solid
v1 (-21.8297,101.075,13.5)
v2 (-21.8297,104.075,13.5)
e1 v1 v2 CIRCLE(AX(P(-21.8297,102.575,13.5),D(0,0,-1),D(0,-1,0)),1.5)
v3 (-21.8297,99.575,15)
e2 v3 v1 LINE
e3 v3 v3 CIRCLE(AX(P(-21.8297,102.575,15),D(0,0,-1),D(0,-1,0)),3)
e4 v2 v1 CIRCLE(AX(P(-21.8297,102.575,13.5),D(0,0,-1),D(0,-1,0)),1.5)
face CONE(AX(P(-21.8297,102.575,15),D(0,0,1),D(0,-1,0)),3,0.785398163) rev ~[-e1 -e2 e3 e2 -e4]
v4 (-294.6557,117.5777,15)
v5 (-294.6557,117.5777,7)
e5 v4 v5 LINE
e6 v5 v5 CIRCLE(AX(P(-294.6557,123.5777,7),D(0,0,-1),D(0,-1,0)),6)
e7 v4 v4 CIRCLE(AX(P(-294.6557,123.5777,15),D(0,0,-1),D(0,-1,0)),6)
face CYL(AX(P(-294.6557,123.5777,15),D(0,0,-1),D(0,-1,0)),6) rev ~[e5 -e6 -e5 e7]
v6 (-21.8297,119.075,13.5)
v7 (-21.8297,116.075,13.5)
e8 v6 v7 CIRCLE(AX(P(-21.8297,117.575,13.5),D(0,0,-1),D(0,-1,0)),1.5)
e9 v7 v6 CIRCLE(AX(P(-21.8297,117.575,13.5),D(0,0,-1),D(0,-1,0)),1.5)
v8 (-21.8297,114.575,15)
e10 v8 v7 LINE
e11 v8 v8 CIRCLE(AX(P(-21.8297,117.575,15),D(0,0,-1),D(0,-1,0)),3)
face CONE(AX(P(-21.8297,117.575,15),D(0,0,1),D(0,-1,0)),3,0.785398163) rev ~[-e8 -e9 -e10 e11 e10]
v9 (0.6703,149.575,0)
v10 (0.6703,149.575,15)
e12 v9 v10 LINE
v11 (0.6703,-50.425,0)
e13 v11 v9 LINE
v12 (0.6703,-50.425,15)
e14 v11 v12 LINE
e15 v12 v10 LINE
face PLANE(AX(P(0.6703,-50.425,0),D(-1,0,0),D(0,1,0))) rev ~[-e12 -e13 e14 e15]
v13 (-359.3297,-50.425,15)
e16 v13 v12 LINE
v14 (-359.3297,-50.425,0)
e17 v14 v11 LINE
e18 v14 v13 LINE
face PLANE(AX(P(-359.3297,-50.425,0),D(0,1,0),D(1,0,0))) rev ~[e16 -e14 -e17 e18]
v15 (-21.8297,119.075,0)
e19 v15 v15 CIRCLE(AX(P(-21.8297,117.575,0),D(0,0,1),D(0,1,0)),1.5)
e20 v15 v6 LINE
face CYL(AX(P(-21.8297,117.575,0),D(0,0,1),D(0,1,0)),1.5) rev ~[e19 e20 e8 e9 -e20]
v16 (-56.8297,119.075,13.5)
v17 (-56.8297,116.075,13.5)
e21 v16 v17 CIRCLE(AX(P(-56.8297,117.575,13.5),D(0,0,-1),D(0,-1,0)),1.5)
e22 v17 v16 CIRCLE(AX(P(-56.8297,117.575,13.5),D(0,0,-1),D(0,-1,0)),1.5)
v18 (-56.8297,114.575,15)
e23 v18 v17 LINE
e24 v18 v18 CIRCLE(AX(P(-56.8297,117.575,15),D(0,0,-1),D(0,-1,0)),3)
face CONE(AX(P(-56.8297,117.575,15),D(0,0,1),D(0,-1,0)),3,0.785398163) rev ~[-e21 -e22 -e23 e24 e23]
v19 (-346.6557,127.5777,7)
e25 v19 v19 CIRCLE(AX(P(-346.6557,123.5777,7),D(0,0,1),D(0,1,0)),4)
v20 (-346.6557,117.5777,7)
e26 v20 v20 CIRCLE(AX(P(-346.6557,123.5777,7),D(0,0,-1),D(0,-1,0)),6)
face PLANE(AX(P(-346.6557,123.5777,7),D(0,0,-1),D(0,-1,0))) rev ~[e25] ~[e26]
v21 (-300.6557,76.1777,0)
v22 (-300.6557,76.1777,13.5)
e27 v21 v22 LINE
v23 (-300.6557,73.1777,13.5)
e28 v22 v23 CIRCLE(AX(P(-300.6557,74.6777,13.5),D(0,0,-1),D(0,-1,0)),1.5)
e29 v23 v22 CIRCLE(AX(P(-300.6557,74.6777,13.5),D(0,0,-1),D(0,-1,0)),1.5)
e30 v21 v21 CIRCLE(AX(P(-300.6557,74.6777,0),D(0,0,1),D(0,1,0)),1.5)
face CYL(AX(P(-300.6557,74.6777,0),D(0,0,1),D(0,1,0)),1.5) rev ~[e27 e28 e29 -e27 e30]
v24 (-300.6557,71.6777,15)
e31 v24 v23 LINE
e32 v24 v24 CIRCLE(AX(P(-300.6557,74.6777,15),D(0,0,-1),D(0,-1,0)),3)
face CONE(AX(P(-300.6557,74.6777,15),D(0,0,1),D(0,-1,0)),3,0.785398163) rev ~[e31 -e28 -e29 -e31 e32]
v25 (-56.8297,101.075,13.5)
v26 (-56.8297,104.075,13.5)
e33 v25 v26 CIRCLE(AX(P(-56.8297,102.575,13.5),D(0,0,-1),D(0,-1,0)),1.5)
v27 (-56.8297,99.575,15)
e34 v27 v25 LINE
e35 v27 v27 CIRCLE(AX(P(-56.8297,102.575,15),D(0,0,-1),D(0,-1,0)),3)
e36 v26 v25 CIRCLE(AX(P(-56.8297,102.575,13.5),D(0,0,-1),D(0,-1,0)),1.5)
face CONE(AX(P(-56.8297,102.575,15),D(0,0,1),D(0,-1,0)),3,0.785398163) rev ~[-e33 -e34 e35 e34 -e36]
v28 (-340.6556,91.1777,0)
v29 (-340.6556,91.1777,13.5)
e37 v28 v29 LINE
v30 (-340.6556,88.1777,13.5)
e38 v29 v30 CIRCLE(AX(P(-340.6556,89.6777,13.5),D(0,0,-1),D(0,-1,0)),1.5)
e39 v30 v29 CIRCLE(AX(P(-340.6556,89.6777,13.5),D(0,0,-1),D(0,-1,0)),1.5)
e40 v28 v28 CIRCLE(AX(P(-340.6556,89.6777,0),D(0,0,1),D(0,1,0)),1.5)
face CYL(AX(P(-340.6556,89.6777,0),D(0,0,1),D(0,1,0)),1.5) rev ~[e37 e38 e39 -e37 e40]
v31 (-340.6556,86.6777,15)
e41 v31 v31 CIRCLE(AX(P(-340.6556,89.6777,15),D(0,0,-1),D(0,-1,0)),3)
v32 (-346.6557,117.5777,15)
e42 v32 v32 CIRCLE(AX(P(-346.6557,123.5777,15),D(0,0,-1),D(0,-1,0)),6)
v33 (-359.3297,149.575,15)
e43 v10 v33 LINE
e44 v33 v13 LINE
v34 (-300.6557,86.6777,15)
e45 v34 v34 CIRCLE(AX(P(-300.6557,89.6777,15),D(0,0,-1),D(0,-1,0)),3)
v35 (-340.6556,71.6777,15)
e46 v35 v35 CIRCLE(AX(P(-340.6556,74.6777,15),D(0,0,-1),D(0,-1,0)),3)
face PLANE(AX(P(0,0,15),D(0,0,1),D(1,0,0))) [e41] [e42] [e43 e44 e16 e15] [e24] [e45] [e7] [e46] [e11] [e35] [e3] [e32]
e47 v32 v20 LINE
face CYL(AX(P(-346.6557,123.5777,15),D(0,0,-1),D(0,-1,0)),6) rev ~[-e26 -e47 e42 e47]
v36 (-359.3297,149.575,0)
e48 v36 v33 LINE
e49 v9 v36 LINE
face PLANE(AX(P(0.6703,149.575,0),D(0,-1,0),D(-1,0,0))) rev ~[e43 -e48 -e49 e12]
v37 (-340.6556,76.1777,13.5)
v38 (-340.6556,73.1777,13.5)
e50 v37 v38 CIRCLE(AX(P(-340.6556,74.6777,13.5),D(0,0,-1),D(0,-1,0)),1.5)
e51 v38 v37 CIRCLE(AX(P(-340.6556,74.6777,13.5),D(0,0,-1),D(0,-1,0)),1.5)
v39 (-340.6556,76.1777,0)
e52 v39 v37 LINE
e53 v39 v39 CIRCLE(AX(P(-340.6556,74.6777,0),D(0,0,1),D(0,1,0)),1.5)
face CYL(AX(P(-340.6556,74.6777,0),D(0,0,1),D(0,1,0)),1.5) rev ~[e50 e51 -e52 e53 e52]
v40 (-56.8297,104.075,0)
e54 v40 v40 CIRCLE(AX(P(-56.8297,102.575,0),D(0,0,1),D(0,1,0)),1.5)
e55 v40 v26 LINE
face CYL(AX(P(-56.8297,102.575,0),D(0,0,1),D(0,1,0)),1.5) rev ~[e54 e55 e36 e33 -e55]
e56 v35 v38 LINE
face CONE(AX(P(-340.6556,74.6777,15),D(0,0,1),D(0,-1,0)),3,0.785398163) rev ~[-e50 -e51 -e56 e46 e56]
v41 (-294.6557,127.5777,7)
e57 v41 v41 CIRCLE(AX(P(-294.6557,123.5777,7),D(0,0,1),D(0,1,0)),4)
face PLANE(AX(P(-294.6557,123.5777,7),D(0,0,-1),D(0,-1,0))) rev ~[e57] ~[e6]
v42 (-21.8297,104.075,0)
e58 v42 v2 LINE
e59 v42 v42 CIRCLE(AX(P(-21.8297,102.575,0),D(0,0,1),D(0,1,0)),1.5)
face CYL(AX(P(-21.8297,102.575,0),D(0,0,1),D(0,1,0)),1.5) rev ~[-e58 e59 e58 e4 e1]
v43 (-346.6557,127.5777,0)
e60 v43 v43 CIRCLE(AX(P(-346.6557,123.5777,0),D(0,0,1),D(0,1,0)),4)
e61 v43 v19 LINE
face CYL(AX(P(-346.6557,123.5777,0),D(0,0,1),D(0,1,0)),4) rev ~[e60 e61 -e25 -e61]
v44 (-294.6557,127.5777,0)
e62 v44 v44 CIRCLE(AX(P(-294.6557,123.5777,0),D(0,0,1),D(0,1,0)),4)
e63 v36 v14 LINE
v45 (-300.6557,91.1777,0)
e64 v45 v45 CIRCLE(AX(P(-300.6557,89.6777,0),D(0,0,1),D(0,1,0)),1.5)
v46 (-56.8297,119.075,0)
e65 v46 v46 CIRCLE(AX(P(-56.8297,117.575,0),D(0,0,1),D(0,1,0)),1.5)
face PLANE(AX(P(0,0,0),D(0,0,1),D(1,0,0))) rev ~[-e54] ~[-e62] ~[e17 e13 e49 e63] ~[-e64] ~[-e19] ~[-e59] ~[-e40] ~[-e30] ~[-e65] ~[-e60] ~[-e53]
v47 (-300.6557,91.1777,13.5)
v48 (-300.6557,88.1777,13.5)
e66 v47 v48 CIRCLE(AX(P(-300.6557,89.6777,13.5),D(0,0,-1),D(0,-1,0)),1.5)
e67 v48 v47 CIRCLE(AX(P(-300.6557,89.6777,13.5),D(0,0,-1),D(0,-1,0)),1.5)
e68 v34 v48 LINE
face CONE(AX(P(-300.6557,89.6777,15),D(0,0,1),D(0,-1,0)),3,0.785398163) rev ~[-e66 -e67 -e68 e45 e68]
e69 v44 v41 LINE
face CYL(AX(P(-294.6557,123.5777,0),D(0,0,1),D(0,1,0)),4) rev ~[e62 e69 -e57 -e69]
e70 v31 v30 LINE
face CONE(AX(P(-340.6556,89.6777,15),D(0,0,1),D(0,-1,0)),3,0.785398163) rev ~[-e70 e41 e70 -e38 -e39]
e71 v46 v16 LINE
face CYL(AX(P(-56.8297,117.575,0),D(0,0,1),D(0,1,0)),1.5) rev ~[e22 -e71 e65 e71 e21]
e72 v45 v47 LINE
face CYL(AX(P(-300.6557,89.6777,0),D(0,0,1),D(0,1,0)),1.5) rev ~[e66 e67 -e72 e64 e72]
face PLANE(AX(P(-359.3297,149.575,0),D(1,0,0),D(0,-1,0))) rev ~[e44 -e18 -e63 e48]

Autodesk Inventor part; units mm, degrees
ref_plane "YZ Plane" through (0, 0, 0) normal (1, 0, 0) x (0, 1, 0)
ref_plane "XZ Plane" through (0, 0, 0) normal (0, 1, 0) x (-1, 0, 0)
ref_plane "XY Plane" through (0, 0, 0) normal (0, 0, 1) x (1, 0, 0)
sketch "Sketch1" plane through (0, 0, 0) normal (0, 0, 1) x (1, 0, 0)
  line L0 (0.6703, -50.425) -> (0.6703, 149.575)
  line L1 (0.6703, 149.575) -> (-359.3297, 149.575)
  line L2 (-359.3297, 149.575) -> (-359.3297, -50.425)
  line L3 (-359.3297, -50.425) -> (0.6703, -50.425)
  line L4 (0.6703, -50.425) -> (0.6703, 149.575)
  point P0 (0, 0)
  dimension "d67" = 360
extrude "Extrusion1" add sketch "Sketch1" along normal blind 15
sketch "Sketch7" plane through (0, 0, 0) normal (0, 0, -1) x (-1, 0, 0)
  line L0 (-0.6703, 149.575) -> (359.3297, 149.575) projected
  line L1 (-0.6703, 149.575) -> (359.3297, 149.575) projected
  line L2 (359.3297, 149.575) -> (359.3297, -50.425) projected
  line L3 (-0.6703, -50.425) -> (-0.6703, 149.575) projected
  line L4 (-0.6703, 149.575) -> (-0.6703, 129.575)
  line L5 (-0.6703, 149.575) -> (-0.6703, 119.575)
  line L6 (-0.6703, 119.575) -> (-0.6703, 117.575)
  circle A0 centre (56.8297, 102.575) radius 1.5
  circle A1 centre (56.8297, 117.575) radius 1.5
  circle A2 centre (21.8297, 102.575) radius 1.5
  circle A3 centre (21.8297, 117.575) radius 1.5
  line L7 (359.3297, 149.575) -> (359.3297, -50.425) projected
  line L8 (-0.6703, 117.575) -> (-0.6703, 119.575)
  line L9 (-0.6703, 117.575) -> (-0.6703, 120.575)
  circle A4 centre (300.6557, 89.6777) radius 1.59
  circle A5 centre (300.6557, 74.6777) radius 1.59
  line L10 (16.8297, 102.575) -> (21.8297, 102.575)
  point P0 (0, 0)
  point P1 (300.6557, 74.6777)
  point P2 (340.6556, 74.6777)
  point P3 (340.6556, 89.6777)
  point P4 (335.6556, 88.0877)
  dimension "d70" = 20
  dimension "d155" = 3
hole "Hole10" at (-56.8297, 102.575, 0) at (-56.8297, 117.575, 0) at (-21.8297, 117.575, 0) at (-21.8297, 102.575, 0) direction (0, 0, 1) diameter 3 end through all
hole "Hole11" at (-300.6557, 74.6777, 0) at (-300.6557, 89.6777, 0) at (-340.6556, 74.6777, 0) at (-340.6556, 89.6777, 0) direction (0, 0, 1) diameter 3 end through all
sketch "Sketch11" plane through (0, 0, 15) normal (0, 0, 1) x (1, 0, 0)
  circle A0 centre (-21.8297, 117.575) radius 1.5 projected
  circle A1 centre (-56.8297, 102.575) radius 1.5 projected
  circle A2 centre (-56.8297, 117.575) radius 1.5 projected
  circle A3 centre (-21.8297, 102.575) radius 1.5 projected
  line L0 (0.6703, -50.425) -> (0.6703, 149.575) projected
  line L1 (0.6703, 149.575) -> (-359.3297, 149.575) projected
  line L2 (-359.3297, 149.575) -> (-359.3297, -50.425) projected
  line L3 (-359.3297, -50.425) -> (0.6703, -50.425) projected
  circle A4 centre (-56.8297, 102.575) radius 1.5 projected
  circle A5 centre (-340.6556, 74.6777) radius 1.5 projected
  circle A6 centre (-340.6556, 89.6777) radius 1.5 projected
  circle A7 centre (-340.6556, 74.6777) radius 1.5 projected
  circle A8 centre (-300.6557, 74.6777) radius 1.5 projected
  circle A9 centre (-300.6557, 89.6777) radius 1.5 projected
  circle A10 centre (-340.6556, 89.6777) radius 1.5 projected
  circle A11 centre (-21.8297, 117.575) radius 1.5 projected
  circle A12 centre (-56.8297, 102.575) radius 1.5 projected
  circle A13 centre (-56.8297, 117.575) radius 1.5 projected
  circle A14 centre (-21.8297, 102.575) radius 1.5 projected
  line L4 (0.6703, -50.425) -> (0.6703, 149.575) projected
  line L5 (0.6703, 149.575) -> (-359.3297, 149.575) projected
  line L6 (-359.3297, 149.575) -> (-359.3297, -50.425) projected
  line L7 (-359.3297, -50.425) -> (0.6703, -50.425) projected
  point P0 (0, 0)
hole "Hole12" at (-56.8297, 117.575, 15) at (-56.8297, 102.575, 15) at (-21.8297, 102.575, 15) at (-21.8297, 117.575, 15) at (-300.6557, 74.6777, 15) at (-300.6557, 89.6777, 15) at (-340.6556, 89.6777, 15) at (-340.6556, 74.6777, 15) direction (0, 0, -1) diameter 3 end through all countersink diameter 6 countersink angle 90
sketch "Sketch12" plane through (0, 0, 0) normal (0, 0, -1) x (-1, 0, 0)
  circle A0 centre (294.6557, 123.5777) radius 4
  circle A1 centre (346.6557, 123.5777) radius 4
  point P0 (0, 0)
hole "Hole13" at (-294.6557, 123.5777, 0) at (-346.6557, 123.5777, 0) direction (0, 0, 1) diameter 8 end through all
sketch "Sketch13" plane through (0, 0, 15) normal (0, 0, 1) x (1, 0, 0)
  circle A0 centre (-346.6557, 123.5777) radius 4 projected
  circle A1 centre (-294.6557, 123.5777) radius 4 projected
  point P0 (0, 0)
hole "Hole14" at (-346.6557, 123.5777, 15) at (-294.6557, 123.5777, 15) direction (0, 0, -1) diameter 12 depth 8
properties part number "Base de mdf"
